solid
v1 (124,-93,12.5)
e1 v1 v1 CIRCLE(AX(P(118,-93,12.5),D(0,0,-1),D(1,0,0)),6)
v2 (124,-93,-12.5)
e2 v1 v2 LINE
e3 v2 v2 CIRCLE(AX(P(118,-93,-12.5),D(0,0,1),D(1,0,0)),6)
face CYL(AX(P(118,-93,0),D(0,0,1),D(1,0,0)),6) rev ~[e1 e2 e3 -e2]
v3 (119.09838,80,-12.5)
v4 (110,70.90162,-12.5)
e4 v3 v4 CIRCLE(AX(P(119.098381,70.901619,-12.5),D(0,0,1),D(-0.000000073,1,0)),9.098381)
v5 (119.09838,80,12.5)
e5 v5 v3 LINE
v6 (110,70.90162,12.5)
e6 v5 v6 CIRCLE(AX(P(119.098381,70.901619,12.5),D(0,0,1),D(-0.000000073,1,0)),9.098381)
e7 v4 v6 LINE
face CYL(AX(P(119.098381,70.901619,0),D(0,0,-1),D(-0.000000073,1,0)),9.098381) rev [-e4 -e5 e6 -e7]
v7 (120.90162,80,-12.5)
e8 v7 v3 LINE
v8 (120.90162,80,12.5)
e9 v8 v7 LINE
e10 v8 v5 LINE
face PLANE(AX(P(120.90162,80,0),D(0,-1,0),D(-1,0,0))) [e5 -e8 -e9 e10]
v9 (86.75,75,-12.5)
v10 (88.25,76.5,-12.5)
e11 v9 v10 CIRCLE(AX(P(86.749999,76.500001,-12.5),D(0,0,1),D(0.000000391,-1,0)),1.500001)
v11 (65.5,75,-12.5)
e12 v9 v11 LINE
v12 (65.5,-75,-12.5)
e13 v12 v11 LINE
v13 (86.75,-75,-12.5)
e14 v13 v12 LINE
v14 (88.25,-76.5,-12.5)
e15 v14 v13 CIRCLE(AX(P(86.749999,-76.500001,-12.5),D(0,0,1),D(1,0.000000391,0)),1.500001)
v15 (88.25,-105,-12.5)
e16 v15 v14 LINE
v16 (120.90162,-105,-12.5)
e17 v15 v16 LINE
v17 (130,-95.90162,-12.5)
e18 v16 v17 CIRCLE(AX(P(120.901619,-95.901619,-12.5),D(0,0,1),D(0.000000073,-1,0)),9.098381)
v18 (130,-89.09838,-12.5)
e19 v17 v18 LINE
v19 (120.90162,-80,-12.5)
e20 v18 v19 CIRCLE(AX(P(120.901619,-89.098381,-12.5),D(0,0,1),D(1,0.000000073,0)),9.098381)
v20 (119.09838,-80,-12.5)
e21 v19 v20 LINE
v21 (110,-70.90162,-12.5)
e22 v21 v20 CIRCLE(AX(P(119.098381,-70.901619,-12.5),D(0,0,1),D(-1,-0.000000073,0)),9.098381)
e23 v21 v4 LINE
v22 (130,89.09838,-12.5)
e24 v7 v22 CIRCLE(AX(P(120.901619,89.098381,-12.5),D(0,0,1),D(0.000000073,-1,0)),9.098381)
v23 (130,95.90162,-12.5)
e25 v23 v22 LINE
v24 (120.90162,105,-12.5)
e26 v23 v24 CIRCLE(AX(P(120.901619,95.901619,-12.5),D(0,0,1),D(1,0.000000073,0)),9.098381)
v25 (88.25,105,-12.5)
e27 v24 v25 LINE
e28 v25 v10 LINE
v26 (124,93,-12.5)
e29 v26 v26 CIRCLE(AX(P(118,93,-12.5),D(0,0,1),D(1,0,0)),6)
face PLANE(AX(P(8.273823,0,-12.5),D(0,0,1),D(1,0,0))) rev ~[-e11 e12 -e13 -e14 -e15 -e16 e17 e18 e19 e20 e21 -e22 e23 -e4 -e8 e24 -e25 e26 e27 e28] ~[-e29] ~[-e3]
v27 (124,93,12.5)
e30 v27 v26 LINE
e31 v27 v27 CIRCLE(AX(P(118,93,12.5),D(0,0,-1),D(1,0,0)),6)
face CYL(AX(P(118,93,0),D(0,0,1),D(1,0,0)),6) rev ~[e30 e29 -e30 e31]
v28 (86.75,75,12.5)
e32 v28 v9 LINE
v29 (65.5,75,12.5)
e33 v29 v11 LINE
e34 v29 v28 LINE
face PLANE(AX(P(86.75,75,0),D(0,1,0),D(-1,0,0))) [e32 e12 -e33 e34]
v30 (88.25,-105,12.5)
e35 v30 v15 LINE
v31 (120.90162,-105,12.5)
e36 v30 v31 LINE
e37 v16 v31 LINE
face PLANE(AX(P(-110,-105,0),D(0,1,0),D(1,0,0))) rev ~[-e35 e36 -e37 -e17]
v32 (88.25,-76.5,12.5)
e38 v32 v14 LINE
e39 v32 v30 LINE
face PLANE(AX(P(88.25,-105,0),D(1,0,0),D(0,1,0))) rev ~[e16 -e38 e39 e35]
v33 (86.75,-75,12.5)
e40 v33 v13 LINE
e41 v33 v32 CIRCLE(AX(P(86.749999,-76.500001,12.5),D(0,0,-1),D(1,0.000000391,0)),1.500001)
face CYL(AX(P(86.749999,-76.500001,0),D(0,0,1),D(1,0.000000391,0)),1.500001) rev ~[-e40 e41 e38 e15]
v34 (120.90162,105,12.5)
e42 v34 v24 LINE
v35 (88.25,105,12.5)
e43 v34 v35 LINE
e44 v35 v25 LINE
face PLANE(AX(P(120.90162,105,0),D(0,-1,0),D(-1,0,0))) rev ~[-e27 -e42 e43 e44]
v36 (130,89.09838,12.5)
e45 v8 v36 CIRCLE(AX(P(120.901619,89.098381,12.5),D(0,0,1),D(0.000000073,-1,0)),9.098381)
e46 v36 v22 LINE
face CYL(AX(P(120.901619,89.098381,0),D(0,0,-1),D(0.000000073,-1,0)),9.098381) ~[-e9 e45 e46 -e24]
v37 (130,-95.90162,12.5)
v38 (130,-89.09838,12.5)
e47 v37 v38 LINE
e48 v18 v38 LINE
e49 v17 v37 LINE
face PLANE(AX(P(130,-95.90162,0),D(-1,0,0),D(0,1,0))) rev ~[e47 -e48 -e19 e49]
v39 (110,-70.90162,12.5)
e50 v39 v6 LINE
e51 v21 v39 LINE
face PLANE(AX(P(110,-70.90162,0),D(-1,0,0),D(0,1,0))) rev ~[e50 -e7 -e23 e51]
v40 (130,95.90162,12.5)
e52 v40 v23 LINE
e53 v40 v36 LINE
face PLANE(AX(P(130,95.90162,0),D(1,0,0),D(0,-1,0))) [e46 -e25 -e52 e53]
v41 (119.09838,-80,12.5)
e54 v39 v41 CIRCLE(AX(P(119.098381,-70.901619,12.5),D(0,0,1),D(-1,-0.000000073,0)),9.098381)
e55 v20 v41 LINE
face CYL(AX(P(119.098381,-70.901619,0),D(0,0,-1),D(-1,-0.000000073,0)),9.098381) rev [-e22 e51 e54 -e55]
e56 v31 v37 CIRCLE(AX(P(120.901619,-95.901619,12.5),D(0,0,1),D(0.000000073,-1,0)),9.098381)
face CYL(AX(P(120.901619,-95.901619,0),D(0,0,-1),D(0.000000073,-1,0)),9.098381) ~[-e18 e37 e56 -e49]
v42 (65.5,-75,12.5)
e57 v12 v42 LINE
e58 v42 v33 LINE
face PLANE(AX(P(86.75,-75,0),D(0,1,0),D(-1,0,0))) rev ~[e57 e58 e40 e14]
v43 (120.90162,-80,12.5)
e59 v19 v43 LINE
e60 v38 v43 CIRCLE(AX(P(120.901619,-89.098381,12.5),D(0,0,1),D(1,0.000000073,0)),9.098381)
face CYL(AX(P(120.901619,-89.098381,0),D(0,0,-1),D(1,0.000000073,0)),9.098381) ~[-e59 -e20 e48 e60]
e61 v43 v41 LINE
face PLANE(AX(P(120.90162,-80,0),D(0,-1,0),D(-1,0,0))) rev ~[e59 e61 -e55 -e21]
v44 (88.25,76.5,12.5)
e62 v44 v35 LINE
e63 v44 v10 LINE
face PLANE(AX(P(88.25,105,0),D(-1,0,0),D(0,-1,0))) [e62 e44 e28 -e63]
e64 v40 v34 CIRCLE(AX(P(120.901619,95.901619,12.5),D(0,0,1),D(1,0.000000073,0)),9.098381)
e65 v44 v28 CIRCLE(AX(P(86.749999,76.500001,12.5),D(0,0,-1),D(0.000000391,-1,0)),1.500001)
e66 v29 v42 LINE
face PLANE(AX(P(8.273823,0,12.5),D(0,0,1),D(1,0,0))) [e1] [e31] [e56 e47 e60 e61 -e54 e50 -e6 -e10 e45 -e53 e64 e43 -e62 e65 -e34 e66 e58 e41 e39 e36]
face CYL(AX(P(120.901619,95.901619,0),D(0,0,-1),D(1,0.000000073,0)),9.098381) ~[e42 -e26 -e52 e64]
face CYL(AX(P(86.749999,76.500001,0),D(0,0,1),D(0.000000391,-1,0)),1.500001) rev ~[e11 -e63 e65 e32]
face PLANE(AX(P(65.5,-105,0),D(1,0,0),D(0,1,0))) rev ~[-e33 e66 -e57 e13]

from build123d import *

# Parameters (mm, degrees)
SKETCH021_R          = 33
PAD018_DEPTH         = 12.5
PAD018_DEPTH_BACK    = 12.5
SKETCH_004_R         = 6
POCKET021_DEPTH      = 20
POCKET021_DEPTH_BACK = 20
SKETCH035_W          = 175.5
SKETCH035_H          = 210
POCKET022_DEPTH      = 20
POCKET022_DEPTH_BACK = 20


with BuildPart() as part:
    # Sketch021 → Pad018 (new body, two sides)
    with BuildSketch(Plane.XY) as pad018_sk:
        with BuildLine():
            Line((-110, -105), (110, -105))
            Line((110, -105), (120.90162, -105))
            ThreePointArc((120.90162, -105), (127.335146, -102.335146), (130, -95.90162))
            Line((130, -95.90162), (130, -89.09838))
            ThreePointArc((130, -89.09838), (127.335146, -82.664854), (120.90162, -80))
            Line((120.90162, -80), (119.09838, -80))
            ThreePointArc((110, -70.90162), (112.664854, -77.335146), (119.09838, -80))
            Line((110, -70.90162), (110, 0))
            Line((110, 70.90162), (110, 0))
            ThreePointArc((119.09838, 80), (112.664854, 77.335146), (110, 70.90162))
            Line((120.90162, 80), (119.09838, 80))
            ThreePointArc((120.90162, 80), (127.335146, 82.664854), (130, 89.09838))
            Line((130, 95.90162), (130, 89.09838))
            ThreePointArc((130, 95.90162), (127.335146, 102.335146), (120.90162, 105))
            Line((110, 105), (120.90162, 105))
            Line((110, 105), (-110, 105))
            Line((-110, 105), (-110, 0))
            Line((-110, -105), (-110, 0))
        make_face()
        Circle(SKETCH021_R, mode=Mode.SUBTRACT)
    extrude(amount=-PAD018_DEPTH)
    extrude(pad018_sk.sketch, amount=PAD018_DEPTH_BACK)

    # Sketch_004 → Pocket021 (cut, two sides)
    with BuildSketch(Plane.XY) as pocket021_sk:
        with Locations((-118, 93)):
            Circle(SKETCH_004_R)
        with Locations((118, 93)):
            Circle(SKETCH_004_R)
        with Locations((-118, -93)):
            Circle(SKETCH_004_R)
        with Locations((118, -93)):
            Circle(SKETCH_004_R)
        with BuildLine():
            ThreePointArc((86.75, 75), (87.81066, 75.43934), (88.25, 76.5))
            Line((88.25, 105), (88.25, 76.5))
            Line((88.25, 105), (6.75, 105))
            Line((6.75, 105), (6.75, 76.5))
            ThreePointArc((6.75, 76.5), (7.18934, 75.43934), (8.25, 75))
            Line((86.75, 75), (8.25, 75))
        make_face()
        with BuildLine():
            ThreePointArc((-88.25, 76.5), (-87.81066, 75.43934), (-86.75, 75))
            Line((-86.75, 75), (-8.25, 75))
            ThreePointArc((-8.25, 75), (-7.18934, 75.43934), (-6.75, 76.5))
            Line((-6.75, 105), (-6.75, 76.5))
            Line((-88.25, 105), (-6.75, 105))
            Line((-88.25, 105), (-88.25, 76.5))
        make_face()
        with BuildLine():
            ThreePointArc((88.25, -76.5), (87.81066, -75.43934), (86.75, -75))
            Line((86.75, -75), (8.25, -75))
            ThreePointArc((8.25, -75), (7.18934, -75.43934), (6.75, -76.5))
            Line((6.75, -105), (6.75, -76.5))
            Line((88.25, -105), (6.75, -105))
            Line((88.25, -105), (88.25, -76.5))
        make_face()
        with BuildLine():
            ThreePointArc((-86.75, -75), (-87.81066, -75.43934), (-88.25, -76.5))
            Line((-88.25, -105), (-88.25, -76.5))
            Line((-88.25, -105), (-6.75, -105))
            Line((-6.75, -105), (-6.75, -76.5))
            ThreePointArc((-6.75, -76.5), (-7.18934, -75.43934), (-8.25, -75))
            Line((-86.75, -75), (-8.25, -75))
        make_face()
    extrude(amount=-POCKET021_DEPTH, mode=Mode.SUBTRACT)
    extrude(pocket021_sk.sketch, amount=POCKET021_DEPTH_BACK, mode=Mode.SUBTRACT)

    # Sketch035 → Pocket022 (cut, two sides)
    with BuildSketch(Plane.XY) as pocket022_sk:
        with Locations((-22.25, 0)):
            Rectangle(SKETCH035_W, SKETCH035_H)
    extrude(amount=-POCKET022_DEPTH, mode=Mode.SUBTRACT)
    extrude(pocket022_sk.sketch, amount=POCKET022_DEPTH_BACK, mode=Mode.SUBTRACT)


solid = part.part
